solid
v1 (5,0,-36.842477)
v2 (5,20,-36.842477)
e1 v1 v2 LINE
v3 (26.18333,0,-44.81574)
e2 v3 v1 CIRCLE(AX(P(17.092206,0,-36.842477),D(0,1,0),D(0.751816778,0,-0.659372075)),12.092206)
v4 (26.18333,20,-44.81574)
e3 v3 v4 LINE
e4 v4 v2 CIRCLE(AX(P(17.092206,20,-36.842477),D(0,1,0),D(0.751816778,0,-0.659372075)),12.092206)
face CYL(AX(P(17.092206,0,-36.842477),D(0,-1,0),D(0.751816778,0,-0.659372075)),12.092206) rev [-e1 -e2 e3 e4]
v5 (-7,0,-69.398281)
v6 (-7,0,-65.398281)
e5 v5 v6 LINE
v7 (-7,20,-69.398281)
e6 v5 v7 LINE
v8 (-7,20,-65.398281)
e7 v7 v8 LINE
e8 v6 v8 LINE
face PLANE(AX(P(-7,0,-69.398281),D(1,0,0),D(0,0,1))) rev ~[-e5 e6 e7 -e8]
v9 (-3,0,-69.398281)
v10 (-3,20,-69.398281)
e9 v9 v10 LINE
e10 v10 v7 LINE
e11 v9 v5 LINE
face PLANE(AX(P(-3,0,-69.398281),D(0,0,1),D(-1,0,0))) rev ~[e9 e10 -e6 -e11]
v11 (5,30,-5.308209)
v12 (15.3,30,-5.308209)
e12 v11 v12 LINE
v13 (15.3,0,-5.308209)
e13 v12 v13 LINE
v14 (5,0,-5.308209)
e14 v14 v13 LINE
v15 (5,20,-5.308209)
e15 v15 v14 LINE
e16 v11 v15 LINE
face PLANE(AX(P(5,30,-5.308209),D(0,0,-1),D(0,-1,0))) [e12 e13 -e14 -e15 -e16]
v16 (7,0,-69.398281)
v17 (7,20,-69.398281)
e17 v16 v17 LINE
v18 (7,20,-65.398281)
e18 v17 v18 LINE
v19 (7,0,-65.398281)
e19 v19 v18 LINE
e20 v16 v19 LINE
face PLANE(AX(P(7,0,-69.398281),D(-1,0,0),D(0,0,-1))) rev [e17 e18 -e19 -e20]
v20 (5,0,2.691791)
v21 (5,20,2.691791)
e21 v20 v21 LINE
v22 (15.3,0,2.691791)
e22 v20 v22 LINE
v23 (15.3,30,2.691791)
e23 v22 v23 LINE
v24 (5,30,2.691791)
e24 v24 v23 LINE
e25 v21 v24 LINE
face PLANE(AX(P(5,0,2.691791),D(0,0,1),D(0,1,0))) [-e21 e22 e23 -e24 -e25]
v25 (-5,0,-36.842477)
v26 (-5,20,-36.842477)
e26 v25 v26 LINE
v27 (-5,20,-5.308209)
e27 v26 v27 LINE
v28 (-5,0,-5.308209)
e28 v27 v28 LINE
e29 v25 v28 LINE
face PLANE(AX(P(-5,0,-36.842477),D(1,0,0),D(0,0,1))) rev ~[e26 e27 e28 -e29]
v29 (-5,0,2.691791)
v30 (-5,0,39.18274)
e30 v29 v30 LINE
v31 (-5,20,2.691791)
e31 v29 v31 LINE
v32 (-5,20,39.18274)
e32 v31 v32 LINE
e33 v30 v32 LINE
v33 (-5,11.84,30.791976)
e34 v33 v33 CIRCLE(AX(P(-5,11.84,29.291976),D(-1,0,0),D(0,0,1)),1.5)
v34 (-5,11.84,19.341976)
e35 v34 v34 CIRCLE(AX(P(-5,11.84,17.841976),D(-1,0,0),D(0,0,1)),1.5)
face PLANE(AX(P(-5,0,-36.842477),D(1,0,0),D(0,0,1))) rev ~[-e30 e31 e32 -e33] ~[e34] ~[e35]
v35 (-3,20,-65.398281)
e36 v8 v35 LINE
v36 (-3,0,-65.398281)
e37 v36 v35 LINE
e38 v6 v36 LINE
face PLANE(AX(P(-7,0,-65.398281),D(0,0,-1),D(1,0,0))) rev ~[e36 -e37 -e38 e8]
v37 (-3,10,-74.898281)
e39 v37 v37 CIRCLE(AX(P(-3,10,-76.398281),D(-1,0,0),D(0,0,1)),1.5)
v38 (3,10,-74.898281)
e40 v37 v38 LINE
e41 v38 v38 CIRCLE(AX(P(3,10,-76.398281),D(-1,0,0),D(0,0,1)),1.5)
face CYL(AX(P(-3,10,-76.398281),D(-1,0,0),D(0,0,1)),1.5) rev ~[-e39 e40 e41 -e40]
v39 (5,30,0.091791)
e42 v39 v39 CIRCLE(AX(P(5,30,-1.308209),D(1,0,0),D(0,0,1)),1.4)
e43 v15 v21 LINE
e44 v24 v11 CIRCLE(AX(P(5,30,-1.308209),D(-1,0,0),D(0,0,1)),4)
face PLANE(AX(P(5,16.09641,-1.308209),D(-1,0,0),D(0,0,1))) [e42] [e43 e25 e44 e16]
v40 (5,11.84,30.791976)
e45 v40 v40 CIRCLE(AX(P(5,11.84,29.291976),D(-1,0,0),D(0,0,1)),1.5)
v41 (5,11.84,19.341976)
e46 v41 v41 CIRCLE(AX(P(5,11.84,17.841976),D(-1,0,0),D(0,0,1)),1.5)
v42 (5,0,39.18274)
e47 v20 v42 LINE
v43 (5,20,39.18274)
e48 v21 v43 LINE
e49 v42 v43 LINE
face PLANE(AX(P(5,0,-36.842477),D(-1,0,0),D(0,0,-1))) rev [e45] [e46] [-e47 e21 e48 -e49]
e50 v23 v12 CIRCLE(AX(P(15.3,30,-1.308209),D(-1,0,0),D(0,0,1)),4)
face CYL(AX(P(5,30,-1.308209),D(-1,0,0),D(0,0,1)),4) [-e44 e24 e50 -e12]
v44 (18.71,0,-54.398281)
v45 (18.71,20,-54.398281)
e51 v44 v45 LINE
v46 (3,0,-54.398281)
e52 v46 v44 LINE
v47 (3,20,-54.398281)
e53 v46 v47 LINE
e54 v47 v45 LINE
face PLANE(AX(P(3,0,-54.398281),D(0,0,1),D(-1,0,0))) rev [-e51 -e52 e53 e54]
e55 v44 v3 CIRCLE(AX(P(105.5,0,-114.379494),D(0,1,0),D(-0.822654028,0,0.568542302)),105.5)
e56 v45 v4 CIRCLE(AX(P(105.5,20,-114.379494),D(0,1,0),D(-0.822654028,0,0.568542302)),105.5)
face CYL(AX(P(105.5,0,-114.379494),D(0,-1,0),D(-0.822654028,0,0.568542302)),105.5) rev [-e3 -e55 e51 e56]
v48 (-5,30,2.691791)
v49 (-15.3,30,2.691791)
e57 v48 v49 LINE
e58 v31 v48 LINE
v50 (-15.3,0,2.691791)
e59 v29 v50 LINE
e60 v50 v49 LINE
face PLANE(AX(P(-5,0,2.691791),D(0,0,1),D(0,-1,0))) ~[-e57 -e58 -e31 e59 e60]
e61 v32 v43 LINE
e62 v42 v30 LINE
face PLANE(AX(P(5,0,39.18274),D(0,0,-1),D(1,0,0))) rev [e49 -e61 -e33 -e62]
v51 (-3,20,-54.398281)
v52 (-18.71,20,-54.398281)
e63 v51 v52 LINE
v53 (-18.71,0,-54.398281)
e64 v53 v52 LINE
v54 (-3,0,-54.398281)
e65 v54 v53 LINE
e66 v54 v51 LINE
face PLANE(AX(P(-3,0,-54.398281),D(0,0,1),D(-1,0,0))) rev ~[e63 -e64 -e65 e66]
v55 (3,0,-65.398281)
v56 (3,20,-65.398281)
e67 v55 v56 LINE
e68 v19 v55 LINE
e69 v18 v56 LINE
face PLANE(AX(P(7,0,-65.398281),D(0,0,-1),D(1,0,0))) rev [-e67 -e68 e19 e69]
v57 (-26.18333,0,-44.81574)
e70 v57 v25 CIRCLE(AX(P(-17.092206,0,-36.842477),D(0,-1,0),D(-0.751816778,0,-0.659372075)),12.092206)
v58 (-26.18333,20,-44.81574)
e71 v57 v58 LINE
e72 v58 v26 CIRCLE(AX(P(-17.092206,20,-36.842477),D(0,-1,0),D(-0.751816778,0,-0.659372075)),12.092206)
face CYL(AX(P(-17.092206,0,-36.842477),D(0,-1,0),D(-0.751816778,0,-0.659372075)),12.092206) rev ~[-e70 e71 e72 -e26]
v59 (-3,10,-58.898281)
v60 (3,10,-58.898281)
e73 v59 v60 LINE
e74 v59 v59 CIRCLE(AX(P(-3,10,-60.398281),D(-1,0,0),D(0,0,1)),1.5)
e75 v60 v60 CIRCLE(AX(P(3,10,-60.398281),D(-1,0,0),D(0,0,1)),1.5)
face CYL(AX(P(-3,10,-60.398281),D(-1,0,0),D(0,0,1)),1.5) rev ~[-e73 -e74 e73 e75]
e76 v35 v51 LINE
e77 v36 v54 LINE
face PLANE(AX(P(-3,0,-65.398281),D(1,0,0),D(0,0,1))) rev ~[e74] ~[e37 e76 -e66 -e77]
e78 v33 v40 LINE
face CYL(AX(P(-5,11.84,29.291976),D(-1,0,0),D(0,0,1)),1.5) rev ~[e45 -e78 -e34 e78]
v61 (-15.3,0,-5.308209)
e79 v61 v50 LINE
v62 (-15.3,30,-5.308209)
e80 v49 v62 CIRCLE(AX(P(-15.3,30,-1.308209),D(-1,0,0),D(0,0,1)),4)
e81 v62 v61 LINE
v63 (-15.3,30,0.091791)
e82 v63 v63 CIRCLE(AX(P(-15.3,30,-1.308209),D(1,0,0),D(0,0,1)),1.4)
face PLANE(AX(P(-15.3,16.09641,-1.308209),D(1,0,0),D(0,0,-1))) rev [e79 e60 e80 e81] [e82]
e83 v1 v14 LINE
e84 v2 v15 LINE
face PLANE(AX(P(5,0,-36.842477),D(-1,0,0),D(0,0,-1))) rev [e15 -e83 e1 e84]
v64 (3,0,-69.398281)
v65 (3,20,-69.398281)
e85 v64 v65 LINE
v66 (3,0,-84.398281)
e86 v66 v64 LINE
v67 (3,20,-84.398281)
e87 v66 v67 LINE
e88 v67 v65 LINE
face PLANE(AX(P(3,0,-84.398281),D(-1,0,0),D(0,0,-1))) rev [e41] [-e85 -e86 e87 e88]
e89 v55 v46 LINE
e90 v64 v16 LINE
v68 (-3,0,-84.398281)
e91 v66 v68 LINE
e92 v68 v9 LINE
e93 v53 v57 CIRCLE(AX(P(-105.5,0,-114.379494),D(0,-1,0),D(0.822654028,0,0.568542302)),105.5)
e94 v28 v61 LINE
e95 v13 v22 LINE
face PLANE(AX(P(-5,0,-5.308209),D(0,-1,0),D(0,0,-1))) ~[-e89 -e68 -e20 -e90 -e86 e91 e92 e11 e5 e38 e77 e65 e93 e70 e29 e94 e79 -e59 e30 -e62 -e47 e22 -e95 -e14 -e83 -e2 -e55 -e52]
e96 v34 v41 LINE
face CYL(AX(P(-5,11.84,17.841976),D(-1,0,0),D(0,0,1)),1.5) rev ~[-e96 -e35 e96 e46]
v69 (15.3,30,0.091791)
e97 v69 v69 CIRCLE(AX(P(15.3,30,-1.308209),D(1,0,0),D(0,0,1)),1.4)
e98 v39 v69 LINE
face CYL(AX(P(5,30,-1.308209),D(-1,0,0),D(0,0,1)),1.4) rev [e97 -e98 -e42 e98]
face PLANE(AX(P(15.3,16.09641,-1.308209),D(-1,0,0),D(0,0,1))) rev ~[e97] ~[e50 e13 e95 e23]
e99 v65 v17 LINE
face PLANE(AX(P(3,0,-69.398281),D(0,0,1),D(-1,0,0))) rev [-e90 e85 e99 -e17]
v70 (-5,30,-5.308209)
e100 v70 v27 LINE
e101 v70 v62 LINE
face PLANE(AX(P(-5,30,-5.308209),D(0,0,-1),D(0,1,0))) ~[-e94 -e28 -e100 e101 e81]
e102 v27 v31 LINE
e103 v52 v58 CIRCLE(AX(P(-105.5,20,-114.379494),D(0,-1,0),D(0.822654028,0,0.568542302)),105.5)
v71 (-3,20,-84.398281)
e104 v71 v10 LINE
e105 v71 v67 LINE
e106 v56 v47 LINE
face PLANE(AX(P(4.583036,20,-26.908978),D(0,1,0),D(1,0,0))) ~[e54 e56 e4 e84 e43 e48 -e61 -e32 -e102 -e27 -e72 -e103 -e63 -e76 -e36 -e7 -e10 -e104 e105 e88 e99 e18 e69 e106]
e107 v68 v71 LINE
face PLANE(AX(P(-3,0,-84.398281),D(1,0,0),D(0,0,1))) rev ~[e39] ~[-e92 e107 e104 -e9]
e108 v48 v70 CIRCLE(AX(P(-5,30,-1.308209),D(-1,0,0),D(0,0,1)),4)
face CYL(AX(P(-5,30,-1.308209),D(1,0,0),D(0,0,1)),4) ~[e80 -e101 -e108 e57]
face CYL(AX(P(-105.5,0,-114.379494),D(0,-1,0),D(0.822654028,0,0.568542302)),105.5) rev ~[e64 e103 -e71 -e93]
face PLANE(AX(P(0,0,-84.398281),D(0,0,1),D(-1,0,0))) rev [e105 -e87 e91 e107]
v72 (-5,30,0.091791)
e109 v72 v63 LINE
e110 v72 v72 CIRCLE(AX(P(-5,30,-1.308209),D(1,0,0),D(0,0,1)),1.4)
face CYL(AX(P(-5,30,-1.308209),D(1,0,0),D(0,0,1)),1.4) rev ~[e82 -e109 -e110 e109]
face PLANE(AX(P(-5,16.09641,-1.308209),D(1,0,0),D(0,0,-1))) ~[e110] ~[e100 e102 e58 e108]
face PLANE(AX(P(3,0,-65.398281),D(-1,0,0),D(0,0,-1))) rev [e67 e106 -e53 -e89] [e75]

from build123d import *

# Parameters (mm, degrees)
BOSS_EXTRU_1_DEPTH      = 20
ESQUISSE3_R             = 1.5
ENL_V_MAT_EXTRU_3_DEPTH = 20
ESQUISSE4_R             = 1.5
ENL_V_MAT_EXTRU_4_DEPTH = 10
ESQUISSE5_R             = 1.5
ENL_V_MAT_EXTRU_5_DEPTH = 10
ESQUISSE6_R             = 1.4
BOSS_EXTRU_2_DEPTH      = 10.3


with BuildPart() as part:
    # Esquisse1 → Boss.-Extru.1 (new body)
    with BuildSketch(Plane(origin=(0, 0, 0), x_dir=(1, 0, 0), z_dir=(0, 1, 0))):
        with BuildLine():
            Line((-3, 84.398281038), (-3, 69.398281038))
            Line((-3, 69.398281038), (-7, 69.398281038))
            Line((-7, 69.398281038), (-7, 65.398281038))
            Line((-7, 65.398281038), (-3, 65.398281038))
            Line((-3, 65.398281038), (-3, 54.398281038))
            Line((-3, 54.398281038), (-18.71, 54.398281038))
            ThreePointArc((-18.71, 54.398281038), (-22.308577777, 49.499317693), (-26.183329952, 44.81574006))
            ThreePointArc((-26.183329952, 44.81574006), (-12.83252844, 48.159570073), (-5, 36.842476876))
            Line((-5, 36.842476876), (-5, -39.182739587))
            Line((-5, -39.182739587), (0, -39.182739587))
            Line((0, -39.182739587), (0, 84.398281038))
            Line((0, 84.398281038), (-3, 84.398281038))
        make_face()
    boss_extru_1 = extrude(amount=BOSS_EXTRU_1_DEPTH)

    # Symétrie1: Boss.-Extru.1 across plane
    add(boss_extru_1.mirror(Plane(origin=(0, 20, -84.398281038), x_dir=(0, 0, 1), z_dir=(-1, 0, 0))))

    # Esquisse3 → Enlèv. mat.-Extru.3 (cut)
    with BuildSketch(Plane.ZY.offset(3)):
        with Locations((-76.398281038, 10)):
            Circle(ESQUISSE3_R)
        with Locations((-60.398281038, 10)):
            Circle(ESQUISSE3_R)
    extrude(amount=-ENL_V_MAT_EXTRU_3_DEPTH, mode=Mode.SUBTRACT)

    # Esquisse4 → Enlèv. mat.-Extru.4 (cut)
    with BuildSketch(Plane.ZY.offset(5)):
        with Locations((29.291975875, 11.84)):
            Circle(ESQUISSE4_R)
    extrude(amount=-ENL_V_MAT_EXTRU_4_DEPTH, mode=Mode.SUBTRACT)

    # Esquisse5 → Enlèv. mat.-Extru.5 (cut)
    with BuildSketch(Plane.ZY.offset(5)):
        with Locations((17.841975875, 11.84)):
            Circle(ESQUISSE5_R)
    extrude(amount=-ENL_V_MAT_EXTRU_5_DEPTH, mode=Mode.SUBTRACT)

    # Esquisse6 → Boss.-Extru.2 (add)
    with BuildSketch(Plane(origin=(5, 0, 0), x_dir=(0, 0, -1), z_dir=(1, 0, 0))):
        with BuildLine():
            Line((5.308208853, 0), (-2.691791147, 0))
            Line((-2.691791147, 0), (-2.691791147, 30))
            ThreePointArc((-2.691791147, 30), (1.308208853, 34), (5.308208853, 30))
            Line((5.308208853, 30), (5.308208853, 0))
        make_face()
        with Locations(Location((1.308208853, 30, 0), (0, 0, 180))):
            Circle(ESQUISSE6_R, mode=Mode.SUBTRACT)
    boss_extru_2 = extrude(amount=BOSS_EXTRU_2_DEPTH)

    # Symétrie2: Boss.-Extru.2 across plane
    add(boss_extru_2.mirror(Plane.ZY))


solid = part.part
